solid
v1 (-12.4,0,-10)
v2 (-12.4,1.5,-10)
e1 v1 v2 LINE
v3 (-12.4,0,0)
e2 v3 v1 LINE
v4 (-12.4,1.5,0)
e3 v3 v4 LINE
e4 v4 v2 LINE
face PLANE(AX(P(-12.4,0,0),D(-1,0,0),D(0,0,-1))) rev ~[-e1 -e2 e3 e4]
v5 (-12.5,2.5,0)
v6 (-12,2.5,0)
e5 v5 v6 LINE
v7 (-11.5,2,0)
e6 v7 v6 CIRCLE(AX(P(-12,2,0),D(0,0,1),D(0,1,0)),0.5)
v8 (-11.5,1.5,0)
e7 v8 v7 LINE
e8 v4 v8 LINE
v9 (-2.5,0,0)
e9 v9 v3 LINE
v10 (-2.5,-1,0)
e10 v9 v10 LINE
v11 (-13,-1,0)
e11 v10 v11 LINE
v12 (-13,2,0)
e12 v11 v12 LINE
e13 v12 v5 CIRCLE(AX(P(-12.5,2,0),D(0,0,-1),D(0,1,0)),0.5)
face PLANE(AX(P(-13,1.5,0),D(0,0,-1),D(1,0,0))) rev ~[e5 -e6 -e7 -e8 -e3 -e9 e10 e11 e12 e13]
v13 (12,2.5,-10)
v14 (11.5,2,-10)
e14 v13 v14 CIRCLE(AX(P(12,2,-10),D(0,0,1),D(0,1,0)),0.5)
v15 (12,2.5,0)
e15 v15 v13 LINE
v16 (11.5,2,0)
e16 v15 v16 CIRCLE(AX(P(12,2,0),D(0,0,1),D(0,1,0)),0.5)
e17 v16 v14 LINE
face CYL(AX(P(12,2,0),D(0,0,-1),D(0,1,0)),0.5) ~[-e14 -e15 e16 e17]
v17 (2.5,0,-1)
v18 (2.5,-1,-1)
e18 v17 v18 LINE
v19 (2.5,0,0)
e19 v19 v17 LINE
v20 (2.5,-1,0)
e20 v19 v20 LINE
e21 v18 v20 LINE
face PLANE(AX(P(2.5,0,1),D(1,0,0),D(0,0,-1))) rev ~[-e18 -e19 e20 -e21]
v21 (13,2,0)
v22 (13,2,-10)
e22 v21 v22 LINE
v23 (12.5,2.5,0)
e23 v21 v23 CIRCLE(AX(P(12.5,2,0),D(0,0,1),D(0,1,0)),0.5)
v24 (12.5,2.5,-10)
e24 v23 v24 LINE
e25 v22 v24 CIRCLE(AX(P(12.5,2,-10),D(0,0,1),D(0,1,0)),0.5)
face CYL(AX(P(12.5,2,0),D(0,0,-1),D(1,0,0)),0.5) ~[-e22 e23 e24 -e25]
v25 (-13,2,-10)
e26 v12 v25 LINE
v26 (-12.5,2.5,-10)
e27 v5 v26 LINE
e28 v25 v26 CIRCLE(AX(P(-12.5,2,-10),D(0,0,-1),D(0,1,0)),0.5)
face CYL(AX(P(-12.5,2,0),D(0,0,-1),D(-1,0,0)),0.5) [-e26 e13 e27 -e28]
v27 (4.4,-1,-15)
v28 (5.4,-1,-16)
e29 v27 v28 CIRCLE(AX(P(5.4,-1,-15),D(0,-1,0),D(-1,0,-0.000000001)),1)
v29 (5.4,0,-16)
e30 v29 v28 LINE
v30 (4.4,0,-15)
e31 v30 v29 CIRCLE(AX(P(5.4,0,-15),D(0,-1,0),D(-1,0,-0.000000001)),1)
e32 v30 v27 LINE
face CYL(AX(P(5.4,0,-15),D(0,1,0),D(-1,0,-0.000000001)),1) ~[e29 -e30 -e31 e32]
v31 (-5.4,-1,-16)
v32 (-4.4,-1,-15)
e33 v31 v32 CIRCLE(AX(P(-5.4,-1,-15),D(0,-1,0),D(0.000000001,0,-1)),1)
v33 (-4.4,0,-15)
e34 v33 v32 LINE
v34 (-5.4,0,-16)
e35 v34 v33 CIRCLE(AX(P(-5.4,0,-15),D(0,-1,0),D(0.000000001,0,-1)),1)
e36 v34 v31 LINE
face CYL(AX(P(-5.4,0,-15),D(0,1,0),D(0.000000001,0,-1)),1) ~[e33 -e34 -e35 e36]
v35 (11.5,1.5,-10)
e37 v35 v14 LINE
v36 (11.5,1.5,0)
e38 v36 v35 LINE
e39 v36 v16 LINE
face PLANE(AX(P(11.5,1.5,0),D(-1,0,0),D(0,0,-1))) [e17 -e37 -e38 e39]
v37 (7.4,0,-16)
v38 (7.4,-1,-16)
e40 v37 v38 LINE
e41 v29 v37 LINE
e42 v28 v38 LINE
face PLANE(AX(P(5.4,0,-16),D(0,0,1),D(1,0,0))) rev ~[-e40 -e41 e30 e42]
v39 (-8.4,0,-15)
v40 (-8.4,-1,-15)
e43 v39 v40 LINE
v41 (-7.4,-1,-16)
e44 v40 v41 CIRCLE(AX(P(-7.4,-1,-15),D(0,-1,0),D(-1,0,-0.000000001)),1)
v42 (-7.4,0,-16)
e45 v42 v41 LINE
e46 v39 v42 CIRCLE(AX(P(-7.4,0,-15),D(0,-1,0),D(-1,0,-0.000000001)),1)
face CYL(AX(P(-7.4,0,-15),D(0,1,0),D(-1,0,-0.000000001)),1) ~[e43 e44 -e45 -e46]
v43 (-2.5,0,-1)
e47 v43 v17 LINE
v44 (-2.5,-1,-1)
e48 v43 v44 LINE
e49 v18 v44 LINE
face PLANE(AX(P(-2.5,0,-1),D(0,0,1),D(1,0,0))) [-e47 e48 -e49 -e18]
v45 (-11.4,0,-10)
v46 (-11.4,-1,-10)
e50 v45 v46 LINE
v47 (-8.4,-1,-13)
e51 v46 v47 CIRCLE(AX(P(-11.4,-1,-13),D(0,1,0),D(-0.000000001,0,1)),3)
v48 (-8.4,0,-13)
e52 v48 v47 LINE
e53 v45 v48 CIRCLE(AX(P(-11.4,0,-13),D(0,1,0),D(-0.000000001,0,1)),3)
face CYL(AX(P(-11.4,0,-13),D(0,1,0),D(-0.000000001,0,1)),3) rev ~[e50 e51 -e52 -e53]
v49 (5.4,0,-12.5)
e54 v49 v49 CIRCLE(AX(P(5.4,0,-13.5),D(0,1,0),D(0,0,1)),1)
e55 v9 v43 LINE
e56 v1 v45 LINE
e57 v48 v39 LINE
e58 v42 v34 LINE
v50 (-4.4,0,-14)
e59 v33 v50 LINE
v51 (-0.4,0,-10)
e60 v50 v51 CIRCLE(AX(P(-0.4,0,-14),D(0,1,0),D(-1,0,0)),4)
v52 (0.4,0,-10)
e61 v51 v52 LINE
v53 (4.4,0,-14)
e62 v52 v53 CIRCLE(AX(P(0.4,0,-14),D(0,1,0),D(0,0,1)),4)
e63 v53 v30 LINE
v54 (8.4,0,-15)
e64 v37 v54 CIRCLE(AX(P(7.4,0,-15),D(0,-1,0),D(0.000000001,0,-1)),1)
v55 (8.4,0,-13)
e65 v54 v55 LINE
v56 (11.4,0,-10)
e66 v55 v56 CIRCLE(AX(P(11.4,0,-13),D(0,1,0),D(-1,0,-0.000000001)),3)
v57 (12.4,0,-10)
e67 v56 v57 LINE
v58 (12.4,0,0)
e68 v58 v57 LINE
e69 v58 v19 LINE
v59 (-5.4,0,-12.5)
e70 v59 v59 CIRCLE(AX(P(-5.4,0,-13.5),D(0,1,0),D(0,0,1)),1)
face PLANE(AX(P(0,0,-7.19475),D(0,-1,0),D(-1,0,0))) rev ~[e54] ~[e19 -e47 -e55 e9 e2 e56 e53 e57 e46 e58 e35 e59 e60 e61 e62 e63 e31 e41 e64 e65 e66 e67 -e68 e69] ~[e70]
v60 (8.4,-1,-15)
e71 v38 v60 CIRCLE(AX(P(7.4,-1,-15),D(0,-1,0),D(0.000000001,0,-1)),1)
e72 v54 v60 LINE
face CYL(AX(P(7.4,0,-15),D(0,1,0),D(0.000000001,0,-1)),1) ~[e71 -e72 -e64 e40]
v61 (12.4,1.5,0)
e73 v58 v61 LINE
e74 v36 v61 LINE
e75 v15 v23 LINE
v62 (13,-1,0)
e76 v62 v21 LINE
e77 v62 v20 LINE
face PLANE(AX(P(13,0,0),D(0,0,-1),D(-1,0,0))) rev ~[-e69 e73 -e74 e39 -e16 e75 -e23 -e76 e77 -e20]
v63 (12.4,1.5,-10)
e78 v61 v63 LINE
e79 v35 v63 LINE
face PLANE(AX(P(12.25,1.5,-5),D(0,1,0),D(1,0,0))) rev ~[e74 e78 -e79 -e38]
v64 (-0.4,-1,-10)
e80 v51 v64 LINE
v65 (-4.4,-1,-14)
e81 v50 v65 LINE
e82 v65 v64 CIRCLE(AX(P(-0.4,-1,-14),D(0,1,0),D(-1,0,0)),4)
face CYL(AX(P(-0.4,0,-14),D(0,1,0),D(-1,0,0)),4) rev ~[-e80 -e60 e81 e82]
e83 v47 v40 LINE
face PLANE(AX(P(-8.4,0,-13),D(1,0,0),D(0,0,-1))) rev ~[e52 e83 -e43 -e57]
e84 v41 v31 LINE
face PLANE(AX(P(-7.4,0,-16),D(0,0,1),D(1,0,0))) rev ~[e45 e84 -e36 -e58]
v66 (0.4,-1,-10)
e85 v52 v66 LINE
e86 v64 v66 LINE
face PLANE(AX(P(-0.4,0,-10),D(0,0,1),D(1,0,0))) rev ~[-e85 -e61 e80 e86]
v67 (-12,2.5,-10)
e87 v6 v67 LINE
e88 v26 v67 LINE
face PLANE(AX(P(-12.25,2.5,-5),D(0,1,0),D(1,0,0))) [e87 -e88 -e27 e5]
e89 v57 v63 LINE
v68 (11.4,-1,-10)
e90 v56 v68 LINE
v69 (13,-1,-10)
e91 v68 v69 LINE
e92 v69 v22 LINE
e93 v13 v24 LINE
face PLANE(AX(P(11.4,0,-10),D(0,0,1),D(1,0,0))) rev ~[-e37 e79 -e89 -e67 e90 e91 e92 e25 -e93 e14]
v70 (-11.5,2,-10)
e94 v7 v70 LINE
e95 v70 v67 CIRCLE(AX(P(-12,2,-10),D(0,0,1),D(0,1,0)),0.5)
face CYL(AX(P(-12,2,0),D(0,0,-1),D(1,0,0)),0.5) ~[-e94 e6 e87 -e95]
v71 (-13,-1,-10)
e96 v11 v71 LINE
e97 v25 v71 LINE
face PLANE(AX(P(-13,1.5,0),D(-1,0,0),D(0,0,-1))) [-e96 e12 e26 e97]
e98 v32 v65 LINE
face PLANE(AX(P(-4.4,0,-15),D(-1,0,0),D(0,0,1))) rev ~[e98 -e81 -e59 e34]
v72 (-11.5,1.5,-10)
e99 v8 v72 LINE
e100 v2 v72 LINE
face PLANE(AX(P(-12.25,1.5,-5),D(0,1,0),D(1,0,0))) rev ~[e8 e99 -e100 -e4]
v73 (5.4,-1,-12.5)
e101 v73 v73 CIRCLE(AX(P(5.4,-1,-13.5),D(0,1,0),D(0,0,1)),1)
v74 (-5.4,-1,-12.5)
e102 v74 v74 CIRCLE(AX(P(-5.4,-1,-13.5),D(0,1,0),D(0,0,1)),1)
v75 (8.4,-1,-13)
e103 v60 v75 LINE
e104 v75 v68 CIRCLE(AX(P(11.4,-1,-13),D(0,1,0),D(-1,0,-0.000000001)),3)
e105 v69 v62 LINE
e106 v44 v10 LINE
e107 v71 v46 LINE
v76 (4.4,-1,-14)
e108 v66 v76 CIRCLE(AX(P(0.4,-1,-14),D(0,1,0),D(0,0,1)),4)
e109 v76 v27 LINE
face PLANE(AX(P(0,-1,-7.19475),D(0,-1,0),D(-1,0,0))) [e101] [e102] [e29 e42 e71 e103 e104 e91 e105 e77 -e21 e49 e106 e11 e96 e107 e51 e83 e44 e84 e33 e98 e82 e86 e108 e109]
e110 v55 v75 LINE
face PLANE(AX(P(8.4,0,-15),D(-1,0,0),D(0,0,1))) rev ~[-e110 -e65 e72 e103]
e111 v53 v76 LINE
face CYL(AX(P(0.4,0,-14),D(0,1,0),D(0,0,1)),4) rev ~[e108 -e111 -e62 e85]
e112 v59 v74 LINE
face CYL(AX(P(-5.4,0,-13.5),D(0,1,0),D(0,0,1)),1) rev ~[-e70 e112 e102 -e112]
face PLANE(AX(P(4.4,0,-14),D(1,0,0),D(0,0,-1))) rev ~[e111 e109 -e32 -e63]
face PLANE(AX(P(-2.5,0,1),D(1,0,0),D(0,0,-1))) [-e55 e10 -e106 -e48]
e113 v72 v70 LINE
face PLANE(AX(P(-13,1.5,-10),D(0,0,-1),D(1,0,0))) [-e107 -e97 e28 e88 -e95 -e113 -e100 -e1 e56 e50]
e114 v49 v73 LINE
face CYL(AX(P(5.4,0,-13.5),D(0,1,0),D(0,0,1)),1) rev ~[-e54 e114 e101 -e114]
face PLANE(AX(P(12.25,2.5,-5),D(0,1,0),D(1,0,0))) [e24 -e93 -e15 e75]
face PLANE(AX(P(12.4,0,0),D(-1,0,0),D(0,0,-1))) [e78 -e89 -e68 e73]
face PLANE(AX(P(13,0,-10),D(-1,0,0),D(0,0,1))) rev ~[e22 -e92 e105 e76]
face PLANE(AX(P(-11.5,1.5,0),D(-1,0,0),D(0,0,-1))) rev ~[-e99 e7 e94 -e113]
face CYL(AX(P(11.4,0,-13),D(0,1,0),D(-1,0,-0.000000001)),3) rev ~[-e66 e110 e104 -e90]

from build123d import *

# Parameters (mm, degrees)
EXTRUDE_1_DEPTH     = 1
SKETCH_3_R          = 1
CUT_EXTRUDE_3_DEPTH = 21.639767441
SKETCH_6_W          = 5
SKETCH_6_H          = 2
CUT_EXTRUDE_4_DEPTH = 21.639767441
SKETCH_7_W          = 0.6
SKETCH_7_H          = 10
EXTRUDE_2_DEPTH     = 1.5
SKETCH_8_W          = 1.5
SKETCH_8_H          = 10
EXTRUDE_3_DEPTH     = 1
FILLET_1_R          = 0.5


with BuildPart() as part:
    # Эскиз1 → Бобышка-Вытянуть1 (new body)
    with BuildSketch(Plane(origin=(0, 0, 0), x_dir=(1, 0, 0), z_dir=(0, 1, 0))):
        with BuildLine():
            Line((-7.4, 16), (-5.4, 16))
            ThreePointArc((-5.4, 16), (-4.692893219, 15.707106781), (-4.4, 15))
            Line((-4.4, 15), (-4.4, 14))
            ThreePointArc((-4.4, 14), (-3.228427125, 11.171572875), (-0.4, 10))
            Line((-0.4, 10), (0.4, 10))
            ThreePointArc((0.4, 10), (3.228427125, 11.171572875), (4.4, 14))
            Line((4.4, 14), (4.4, 15))
            ThreePointArc((4.4, 15), (4.692893219, 15.707106781), (5.4, 16))
            Line((5.4, 16), (7.4, 16))
            ThreePointArc((7.4, 16), (8.107106781, 15.707106781), (8.4, 15))
            Line((8.4, 15), (8.4, 13))
            ThreePointArc((8.4, 13), (9.278679656, 10.878679656), (11.4, 10))
            Line((11.4, 10), (13, 10))
            Line((13, 10), (13, 0))
            Line((13, 0), (-13, 0))
            Line((-13, 0), (-13, 10))
            Line((-13, 10), (-11.4, 10))
            ThreePointArc((-11.4, 10), (-9.278679656, 10.878679656), (-8.4, 13))
            Line((-8.4, 13), (-8.4, 15))
            ThreePointArc((-8.4, 15), (-8.107106781, 15.707106781), (-7.4, 16))
        make_face()
    extrude(amount=-EXTRUDE_1_DEPTH)

    # Эскиз3 → Вырез-Вытянуть3 (cut, through all)
    with BuildSketch(Plane(origin=(0, 0, 0), x_dir=(1, 0, 0), z_dir=(0, 1, 0))):
        with Locations(Location((-5.4, 13.5, 0), (0, 0, 270))):
            Circle(SKETCH_3_R)
        with Locations(Location((5.4, 13.5, 0), (0, 0, 270))):
            Circle(SKETCH_3_R)
    extrude(amount=-CUT_EXTRUDE_3_DEPTH, mode=Mode.SUBTRACT)

    # Эскиз6 → Вырез-Вытянуть4 (cut, through all)
    with BuildSketch(Plane(origin=(0, 0, 0), x_dir=(1, 0, 0), z_dir=(0, 1, 0))):
        Rectangle(SKETCH_6_W, SKETCH_6_H)
    extrude(amount=-CUT_EXTRUDE_4_DEPTH, mode=Mode.SUBTRACT)

    # Эскиз7 → Бобышка-Вытянуть2 (add)
    with BuildSketch(Plane(origin=(0, 0, 0), x_dir=(1, 0, 0), z_dir=(0, 1, 0))):
        with Locations((-12.7, 5)):
            Rectangle(SKETCH_7_W, SKETCH_7_H)
        with Locations((12.7, 5)):
            Rectangle(SKETCH_7_W, SKETCH_7_H)
    extrude(amount=EXTRUDE_2_DEPTH)

    # Эскиз8 → Бобышка-Вытянуть3 (add)
    with BuildSketch(Plane(origin=(0, 1.5, 0), x_dir=(1, 0, 0), z_dir=(0, 1, 0))):
        with Locations((-12.25, 5)):
            Rectangle(SKETCH_8_W, SKETCH_8_H)
        with Locations((12.25, 5)):
            Rectangle(SKETCH_8_W, SKETCH_8_H)
    extrude(amount=EXTRUDE_3_DEPTH)

    # Скругление1
    fillet_1_edges = [part.edges().sort_by_distance(p)[0] for p in [
        (-13, 2.5, -5),
        (-11.5, 2.5, -5),
        (13, 2.5, -5),
        (11.5, 2.5, -5),
    ]]
    fillet(fillet_1_edges, radius=FILLET_1_R)


solid = part.part
